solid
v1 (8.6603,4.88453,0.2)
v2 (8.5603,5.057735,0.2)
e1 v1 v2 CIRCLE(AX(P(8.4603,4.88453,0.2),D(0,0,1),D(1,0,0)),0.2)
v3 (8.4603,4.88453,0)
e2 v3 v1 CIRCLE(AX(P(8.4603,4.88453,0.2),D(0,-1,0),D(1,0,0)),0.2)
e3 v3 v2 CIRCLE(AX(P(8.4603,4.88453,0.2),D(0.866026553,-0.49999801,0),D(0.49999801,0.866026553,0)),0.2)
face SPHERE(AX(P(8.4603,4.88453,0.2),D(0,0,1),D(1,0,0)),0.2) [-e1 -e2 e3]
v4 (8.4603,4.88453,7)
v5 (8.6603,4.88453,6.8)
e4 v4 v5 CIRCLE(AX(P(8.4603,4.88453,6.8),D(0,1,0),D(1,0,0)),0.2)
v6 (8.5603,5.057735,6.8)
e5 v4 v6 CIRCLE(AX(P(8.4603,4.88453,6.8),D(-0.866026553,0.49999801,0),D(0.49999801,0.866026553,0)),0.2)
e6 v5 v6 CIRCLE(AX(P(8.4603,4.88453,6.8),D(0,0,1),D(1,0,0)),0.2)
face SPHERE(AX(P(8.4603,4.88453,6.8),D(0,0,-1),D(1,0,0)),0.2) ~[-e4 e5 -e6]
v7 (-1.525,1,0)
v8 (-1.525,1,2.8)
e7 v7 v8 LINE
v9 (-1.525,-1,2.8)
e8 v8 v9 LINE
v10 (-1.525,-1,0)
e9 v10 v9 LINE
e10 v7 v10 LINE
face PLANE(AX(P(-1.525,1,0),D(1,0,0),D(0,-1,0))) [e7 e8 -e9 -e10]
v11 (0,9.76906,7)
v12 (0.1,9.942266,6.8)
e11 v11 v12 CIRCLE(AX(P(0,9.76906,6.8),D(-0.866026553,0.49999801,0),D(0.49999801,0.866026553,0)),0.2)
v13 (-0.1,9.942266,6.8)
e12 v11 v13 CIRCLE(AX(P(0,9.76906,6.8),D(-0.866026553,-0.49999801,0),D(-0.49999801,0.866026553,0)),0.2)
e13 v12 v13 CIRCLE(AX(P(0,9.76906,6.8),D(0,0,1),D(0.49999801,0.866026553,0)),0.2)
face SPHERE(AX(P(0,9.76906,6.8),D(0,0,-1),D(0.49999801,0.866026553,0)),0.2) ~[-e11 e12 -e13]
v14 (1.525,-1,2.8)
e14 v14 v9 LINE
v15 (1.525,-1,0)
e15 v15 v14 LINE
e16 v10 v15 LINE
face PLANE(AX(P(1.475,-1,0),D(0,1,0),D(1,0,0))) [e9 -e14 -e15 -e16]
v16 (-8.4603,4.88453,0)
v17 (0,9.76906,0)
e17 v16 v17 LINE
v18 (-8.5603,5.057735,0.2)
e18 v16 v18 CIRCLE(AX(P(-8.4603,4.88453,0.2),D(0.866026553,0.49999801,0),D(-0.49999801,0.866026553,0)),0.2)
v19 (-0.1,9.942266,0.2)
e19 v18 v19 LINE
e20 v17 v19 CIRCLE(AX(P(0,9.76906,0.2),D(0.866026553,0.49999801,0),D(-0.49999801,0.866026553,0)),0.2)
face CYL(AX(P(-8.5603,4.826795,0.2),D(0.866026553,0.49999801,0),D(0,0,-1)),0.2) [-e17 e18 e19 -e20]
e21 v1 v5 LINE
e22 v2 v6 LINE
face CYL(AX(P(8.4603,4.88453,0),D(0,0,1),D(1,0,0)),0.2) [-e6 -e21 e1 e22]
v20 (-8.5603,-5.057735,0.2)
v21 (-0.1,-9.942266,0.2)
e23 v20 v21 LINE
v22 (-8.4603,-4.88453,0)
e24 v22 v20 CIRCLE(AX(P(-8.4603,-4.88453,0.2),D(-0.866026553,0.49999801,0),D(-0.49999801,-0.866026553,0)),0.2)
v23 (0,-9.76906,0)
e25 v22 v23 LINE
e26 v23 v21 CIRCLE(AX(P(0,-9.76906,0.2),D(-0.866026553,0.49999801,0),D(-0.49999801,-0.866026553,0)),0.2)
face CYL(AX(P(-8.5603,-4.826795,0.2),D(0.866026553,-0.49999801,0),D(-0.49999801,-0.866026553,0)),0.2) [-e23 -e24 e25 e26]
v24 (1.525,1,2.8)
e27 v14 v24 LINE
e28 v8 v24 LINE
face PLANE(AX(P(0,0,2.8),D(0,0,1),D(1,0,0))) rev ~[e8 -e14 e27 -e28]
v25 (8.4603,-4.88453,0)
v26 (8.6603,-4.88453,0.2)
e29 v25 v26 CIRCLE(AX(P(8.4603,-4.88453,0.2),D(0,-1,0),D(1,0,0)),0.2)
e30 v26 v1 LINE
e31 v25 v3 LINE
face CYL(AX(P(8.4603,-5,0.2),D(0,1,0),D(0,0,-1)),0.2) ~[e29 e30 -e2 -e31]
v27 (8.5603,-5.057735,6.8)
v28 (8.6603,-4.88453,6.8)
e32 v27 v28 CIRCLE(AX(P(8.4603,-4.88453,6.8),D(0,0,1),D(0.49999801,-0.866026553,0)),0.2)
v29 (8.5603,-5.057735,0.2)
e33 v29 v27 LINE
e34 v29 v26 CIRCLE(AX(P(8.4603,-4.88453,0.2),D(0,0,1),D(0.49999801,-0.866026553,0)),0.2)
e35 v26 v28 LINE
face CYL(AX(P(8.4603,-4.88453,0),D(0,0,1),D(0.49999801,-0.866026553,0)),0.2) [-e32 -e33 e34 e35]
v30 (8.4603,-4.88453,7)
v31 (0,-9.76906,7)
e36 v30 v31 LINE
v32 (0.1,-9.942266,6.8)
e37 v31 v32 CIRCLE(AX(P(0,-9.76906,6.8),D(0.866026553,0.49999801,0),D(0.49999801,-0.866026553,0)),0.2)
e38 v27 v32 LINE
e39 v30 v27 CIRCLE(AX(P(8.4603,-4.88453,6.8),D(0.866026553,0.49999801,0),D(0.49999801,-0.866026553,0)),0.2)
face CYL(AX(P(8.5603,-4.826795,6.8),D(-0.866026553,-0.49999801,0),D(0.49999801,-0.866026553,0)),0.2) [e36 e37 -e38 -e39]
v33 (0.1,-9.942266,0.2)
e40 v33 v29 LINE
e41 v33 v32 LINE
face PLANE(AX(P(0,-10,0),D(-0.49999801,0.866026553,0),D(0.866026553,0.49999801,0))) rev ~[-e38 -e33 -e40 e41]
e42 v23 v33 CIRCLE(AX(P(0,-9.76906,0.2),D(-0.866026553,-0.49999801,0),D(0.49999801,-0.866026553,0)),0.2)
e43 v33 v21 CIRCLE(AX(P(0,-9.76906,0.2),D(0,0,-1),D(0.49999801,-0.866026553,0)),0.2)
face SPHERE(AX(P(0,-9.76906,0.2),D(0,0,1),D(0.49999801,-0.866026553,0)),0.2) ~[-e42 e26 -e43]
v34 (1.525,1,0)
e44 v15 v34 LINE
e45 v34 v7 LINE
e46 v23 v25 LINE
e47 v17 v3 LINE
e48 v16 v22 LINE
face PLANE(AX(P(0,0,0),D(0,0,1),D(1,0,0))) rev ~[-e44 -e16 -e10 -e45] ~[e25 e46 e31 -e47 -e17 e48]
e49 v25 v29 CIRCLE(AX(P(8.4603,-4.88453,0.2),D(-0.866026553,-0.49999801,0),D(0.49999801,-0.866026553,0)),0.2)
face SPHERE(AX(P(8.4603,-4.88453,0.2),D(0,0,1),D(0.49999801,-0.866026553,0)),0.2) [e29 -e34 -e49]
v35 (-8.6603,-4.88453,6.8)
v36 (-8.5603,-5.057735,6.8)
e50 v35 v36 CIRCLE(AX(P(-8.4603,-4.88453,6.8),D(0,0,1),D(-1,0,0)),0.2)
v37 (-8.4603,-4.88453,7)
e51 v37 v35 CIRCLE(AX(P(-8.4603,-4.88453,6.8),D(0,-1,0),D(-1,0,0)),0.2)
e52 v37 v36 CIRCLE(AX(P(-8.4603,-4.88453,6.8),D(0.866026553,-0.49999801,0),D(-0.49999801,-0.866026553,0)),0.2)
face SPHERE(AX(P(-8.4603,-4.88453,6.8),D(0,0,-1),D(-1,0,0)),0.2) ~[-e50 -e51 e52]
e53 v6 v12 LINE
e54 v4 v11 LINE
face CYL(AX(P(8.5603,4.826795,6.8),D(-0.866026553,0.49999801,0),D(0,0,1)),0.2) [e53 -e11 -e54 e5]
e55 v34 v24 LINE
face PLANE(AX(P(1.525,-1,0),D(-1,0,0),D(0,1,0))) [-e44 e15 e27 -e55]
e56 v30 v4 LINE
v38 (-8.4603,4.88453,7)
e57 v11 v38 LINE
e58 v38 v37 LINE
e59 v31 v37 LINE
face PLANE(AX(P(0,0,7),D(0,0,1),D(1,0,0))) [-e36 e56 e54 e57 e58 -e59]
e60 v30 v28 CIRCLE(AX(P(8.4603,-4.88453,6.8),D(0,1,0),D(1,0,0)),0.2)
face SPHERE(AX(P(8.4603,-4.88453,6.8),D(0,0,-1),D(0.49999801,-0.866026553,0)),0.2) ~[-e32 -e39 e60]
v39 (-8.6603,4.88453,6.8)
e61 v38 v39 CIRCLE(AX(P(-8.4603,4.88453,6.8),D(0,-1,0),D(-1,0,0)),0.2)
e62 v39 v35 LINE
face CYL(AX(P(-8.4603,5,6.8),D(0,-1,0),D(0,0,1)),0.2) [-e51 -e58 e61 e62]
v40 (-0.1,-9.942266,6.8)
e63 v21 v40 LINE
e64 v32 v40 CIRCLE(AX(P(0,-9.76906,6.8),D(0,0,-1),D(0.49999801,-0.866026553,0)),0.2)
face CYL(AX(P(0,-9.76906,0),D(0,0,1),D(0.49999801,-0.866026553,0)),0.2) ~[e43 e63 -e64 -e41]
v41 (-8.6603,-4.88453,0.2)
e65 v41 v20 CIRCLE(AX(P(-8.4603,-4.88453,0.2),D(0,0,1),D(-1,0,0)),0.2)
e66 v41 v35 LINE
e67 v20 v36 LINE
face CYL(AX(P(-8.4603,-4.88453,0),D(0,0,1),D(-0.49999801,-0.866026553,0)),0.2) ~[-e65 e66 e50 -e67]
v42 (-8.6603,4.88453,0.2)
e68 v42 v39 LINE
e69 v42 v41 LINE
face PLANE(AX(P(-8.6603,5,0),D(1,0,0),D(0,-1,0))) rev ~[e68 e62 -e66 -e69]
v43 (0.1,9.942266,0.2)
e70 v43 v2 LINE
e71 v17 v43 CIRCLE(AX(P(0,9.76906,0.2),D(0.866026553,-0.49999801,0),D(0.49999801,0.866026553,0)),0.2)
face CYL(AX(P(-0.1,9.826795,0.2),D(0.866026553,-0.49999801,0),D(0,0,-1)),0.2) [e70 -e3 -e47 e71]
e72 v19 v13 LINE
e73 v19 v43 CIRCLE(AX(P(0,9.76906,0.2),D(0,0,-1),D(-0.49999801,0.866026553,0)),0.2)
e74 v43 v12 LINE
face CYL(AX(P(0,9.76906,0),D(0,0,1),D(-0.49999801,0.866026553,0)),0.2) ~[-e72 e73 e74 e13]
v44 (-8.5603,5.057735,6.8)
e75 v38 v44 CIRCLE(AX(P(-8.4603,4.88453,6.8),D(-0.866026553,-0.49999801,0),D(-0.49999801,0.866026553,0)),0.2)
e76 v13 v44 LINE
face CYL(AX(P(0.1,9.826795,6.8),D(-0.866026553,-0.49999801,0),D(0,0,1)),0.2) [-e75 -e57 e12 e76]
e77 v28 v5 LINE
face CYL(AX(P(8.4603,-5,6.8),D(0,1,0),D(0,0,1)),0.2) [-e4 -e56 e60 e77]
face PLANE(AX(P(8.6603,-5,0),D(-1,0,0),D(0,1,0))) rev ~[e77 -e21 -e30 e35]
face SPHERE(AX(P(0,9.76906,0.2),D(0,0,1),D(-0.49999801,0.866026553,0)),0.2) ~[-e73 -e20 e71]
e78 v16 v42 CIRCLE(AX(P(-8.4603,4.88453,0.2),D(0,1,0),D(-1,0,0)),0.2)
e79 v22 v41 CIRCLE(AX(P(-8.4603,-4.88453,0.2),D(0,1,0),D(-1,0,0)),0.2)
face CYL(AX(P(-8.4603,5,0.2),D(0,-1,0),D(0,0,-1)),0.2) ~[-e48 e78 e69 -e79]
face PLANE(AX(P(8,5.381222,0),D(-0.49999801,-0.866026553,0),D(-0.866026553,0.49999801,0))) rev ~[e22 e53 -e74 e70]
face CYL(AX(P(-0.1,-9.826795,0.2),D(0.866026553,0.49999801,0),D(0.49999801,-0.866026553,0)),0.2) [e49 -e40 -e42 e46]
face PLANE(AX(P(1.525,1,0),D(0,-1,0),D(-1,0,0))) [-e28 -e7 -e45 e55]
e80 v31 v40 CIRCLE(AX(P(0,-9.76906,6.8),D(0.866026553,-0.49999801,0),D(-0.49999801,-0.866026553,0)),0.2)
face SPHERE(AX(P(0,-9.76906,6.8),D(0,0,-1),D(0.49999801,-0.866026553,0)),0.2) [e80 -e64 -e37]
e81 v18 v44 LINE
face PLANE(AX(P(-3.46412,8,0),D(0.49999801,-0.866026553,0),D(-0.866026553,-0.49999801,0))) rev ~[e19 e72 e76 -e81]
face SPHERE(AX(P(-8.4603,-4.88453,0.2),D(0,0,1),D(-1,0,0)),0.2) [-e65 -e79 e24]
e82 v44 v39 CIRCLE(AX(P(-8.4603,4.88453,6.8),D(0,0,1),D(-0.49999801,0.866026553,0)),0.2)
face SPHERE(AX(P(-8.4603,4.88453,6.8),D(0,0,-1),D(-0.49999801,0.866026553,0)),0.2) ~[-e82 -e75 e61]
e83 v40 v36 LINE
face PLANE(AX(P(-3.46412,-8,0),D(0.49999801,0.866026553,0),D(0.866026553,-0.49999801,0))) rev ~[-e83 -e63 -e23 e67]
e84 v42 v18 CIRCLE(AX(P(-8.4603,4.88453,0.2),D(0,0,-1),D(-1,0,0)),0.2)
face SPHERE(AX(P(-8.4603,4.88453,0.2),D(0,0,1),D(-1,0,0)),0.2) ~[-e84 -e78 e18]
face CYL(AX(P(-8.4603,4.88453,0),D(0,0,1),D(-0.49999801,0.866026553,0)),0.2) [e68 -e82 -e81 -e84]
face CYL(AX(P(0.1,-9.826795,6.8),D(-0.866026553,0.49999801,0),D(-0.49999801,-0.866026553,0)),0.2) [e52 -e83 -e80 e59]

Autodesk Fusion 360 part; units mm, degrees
sketch "Sketch1" plane through (0, 0, 0) normal (0, 0, 1) x (1, 0, 0)
  line L0 (8, -8) -> (-8, -8)
  line L1 (-8, -8) -> (-8, 8)
  line L2 (-8, 8) -> (8, 8)
  line L3 (8, 8) -> (8, -8)
  line L4 (8, -8) -> (-8, 8) construction
  line L5 (-8, -8) -> (8, 8) construction
  line L6 (1.525, 1) -> (-1.525, 1)
  line L7 (-1.525, 1) -> (-1.525, -1)
  line L8 (-1.525, -1) -> (1.525, -1)
  line L9 (1.525, -1) -> (1.525, 1)
  line L10 (1.525, 1) -> (-1.525, -1) construction
  line L11 (-1.525, 1) -> (1.525, -1) construction
  line L12 (1.475, 1) -> (-1.475, 1)
  line L13 (-1.475, 1) -> (-1.475, -1)
  line L14 (-1.475, -1) -> (1.475, -1)
  line L15 (1.475, -1) -> (1.475, 1)
  line L16 (1.475, 1) -> (-1.475, -1) construction
  line L17 (-1.475, 1) -> (1.475, -1) construction
  line L18 (8.6603, -5) -> (8.6603, 5)
  line L19 (8.6603, 5) -> (0, 10)
  line L20 (0, 10) -> (-8.6603, 5)
  line L21 (-8.6603, 5) -> (-8.6603, -5)
  line L22 (-8.6603, -5) -> (0, -10)
  line L23 (0, -10) -> (8.6603, -5)
  dimension "d1" = 16
  dimension "d2" = 16
  dimension "d14" = 3.05
  dimension "d15" = 2
  dimension "d16" = 2.95
  dimension "d17" = 2
  dimension "d20" = 10
extrude "Extrude1" add sketch "Sketch1" along normal blind 7 contours L0 L22 L23 | L0 L1 L2 L3 L19 L20 L22 L23 | L3 L18 L19 L23 | L1 L20 L21 L22 | L2 L19 L20 | L6 L8 L9 L15 | L6 L8 L12 L13 L14 L15 | L6 L7 L8 L13
fillet "Fillet1" radius 0.2 7 faces at (0, -3.3333, 7) (2.8868, -8.3333, 2.3333) (8.6603, -1.6667, 4.6667) (-5.7735, -6.6667, 4.6667) (-8.6603, 1.6667, 4.6667) (-2.8868, 8.3333, 2.3333) (5.7735, 6.6667, 4.6667)
extrude "Extrude4" cut sketch "Sketch1" along normal blind 2.8 contours L6 L8 L9 L15 | L6 L8 L12 L13 L14 L15 | L6 L7 L8 L13
